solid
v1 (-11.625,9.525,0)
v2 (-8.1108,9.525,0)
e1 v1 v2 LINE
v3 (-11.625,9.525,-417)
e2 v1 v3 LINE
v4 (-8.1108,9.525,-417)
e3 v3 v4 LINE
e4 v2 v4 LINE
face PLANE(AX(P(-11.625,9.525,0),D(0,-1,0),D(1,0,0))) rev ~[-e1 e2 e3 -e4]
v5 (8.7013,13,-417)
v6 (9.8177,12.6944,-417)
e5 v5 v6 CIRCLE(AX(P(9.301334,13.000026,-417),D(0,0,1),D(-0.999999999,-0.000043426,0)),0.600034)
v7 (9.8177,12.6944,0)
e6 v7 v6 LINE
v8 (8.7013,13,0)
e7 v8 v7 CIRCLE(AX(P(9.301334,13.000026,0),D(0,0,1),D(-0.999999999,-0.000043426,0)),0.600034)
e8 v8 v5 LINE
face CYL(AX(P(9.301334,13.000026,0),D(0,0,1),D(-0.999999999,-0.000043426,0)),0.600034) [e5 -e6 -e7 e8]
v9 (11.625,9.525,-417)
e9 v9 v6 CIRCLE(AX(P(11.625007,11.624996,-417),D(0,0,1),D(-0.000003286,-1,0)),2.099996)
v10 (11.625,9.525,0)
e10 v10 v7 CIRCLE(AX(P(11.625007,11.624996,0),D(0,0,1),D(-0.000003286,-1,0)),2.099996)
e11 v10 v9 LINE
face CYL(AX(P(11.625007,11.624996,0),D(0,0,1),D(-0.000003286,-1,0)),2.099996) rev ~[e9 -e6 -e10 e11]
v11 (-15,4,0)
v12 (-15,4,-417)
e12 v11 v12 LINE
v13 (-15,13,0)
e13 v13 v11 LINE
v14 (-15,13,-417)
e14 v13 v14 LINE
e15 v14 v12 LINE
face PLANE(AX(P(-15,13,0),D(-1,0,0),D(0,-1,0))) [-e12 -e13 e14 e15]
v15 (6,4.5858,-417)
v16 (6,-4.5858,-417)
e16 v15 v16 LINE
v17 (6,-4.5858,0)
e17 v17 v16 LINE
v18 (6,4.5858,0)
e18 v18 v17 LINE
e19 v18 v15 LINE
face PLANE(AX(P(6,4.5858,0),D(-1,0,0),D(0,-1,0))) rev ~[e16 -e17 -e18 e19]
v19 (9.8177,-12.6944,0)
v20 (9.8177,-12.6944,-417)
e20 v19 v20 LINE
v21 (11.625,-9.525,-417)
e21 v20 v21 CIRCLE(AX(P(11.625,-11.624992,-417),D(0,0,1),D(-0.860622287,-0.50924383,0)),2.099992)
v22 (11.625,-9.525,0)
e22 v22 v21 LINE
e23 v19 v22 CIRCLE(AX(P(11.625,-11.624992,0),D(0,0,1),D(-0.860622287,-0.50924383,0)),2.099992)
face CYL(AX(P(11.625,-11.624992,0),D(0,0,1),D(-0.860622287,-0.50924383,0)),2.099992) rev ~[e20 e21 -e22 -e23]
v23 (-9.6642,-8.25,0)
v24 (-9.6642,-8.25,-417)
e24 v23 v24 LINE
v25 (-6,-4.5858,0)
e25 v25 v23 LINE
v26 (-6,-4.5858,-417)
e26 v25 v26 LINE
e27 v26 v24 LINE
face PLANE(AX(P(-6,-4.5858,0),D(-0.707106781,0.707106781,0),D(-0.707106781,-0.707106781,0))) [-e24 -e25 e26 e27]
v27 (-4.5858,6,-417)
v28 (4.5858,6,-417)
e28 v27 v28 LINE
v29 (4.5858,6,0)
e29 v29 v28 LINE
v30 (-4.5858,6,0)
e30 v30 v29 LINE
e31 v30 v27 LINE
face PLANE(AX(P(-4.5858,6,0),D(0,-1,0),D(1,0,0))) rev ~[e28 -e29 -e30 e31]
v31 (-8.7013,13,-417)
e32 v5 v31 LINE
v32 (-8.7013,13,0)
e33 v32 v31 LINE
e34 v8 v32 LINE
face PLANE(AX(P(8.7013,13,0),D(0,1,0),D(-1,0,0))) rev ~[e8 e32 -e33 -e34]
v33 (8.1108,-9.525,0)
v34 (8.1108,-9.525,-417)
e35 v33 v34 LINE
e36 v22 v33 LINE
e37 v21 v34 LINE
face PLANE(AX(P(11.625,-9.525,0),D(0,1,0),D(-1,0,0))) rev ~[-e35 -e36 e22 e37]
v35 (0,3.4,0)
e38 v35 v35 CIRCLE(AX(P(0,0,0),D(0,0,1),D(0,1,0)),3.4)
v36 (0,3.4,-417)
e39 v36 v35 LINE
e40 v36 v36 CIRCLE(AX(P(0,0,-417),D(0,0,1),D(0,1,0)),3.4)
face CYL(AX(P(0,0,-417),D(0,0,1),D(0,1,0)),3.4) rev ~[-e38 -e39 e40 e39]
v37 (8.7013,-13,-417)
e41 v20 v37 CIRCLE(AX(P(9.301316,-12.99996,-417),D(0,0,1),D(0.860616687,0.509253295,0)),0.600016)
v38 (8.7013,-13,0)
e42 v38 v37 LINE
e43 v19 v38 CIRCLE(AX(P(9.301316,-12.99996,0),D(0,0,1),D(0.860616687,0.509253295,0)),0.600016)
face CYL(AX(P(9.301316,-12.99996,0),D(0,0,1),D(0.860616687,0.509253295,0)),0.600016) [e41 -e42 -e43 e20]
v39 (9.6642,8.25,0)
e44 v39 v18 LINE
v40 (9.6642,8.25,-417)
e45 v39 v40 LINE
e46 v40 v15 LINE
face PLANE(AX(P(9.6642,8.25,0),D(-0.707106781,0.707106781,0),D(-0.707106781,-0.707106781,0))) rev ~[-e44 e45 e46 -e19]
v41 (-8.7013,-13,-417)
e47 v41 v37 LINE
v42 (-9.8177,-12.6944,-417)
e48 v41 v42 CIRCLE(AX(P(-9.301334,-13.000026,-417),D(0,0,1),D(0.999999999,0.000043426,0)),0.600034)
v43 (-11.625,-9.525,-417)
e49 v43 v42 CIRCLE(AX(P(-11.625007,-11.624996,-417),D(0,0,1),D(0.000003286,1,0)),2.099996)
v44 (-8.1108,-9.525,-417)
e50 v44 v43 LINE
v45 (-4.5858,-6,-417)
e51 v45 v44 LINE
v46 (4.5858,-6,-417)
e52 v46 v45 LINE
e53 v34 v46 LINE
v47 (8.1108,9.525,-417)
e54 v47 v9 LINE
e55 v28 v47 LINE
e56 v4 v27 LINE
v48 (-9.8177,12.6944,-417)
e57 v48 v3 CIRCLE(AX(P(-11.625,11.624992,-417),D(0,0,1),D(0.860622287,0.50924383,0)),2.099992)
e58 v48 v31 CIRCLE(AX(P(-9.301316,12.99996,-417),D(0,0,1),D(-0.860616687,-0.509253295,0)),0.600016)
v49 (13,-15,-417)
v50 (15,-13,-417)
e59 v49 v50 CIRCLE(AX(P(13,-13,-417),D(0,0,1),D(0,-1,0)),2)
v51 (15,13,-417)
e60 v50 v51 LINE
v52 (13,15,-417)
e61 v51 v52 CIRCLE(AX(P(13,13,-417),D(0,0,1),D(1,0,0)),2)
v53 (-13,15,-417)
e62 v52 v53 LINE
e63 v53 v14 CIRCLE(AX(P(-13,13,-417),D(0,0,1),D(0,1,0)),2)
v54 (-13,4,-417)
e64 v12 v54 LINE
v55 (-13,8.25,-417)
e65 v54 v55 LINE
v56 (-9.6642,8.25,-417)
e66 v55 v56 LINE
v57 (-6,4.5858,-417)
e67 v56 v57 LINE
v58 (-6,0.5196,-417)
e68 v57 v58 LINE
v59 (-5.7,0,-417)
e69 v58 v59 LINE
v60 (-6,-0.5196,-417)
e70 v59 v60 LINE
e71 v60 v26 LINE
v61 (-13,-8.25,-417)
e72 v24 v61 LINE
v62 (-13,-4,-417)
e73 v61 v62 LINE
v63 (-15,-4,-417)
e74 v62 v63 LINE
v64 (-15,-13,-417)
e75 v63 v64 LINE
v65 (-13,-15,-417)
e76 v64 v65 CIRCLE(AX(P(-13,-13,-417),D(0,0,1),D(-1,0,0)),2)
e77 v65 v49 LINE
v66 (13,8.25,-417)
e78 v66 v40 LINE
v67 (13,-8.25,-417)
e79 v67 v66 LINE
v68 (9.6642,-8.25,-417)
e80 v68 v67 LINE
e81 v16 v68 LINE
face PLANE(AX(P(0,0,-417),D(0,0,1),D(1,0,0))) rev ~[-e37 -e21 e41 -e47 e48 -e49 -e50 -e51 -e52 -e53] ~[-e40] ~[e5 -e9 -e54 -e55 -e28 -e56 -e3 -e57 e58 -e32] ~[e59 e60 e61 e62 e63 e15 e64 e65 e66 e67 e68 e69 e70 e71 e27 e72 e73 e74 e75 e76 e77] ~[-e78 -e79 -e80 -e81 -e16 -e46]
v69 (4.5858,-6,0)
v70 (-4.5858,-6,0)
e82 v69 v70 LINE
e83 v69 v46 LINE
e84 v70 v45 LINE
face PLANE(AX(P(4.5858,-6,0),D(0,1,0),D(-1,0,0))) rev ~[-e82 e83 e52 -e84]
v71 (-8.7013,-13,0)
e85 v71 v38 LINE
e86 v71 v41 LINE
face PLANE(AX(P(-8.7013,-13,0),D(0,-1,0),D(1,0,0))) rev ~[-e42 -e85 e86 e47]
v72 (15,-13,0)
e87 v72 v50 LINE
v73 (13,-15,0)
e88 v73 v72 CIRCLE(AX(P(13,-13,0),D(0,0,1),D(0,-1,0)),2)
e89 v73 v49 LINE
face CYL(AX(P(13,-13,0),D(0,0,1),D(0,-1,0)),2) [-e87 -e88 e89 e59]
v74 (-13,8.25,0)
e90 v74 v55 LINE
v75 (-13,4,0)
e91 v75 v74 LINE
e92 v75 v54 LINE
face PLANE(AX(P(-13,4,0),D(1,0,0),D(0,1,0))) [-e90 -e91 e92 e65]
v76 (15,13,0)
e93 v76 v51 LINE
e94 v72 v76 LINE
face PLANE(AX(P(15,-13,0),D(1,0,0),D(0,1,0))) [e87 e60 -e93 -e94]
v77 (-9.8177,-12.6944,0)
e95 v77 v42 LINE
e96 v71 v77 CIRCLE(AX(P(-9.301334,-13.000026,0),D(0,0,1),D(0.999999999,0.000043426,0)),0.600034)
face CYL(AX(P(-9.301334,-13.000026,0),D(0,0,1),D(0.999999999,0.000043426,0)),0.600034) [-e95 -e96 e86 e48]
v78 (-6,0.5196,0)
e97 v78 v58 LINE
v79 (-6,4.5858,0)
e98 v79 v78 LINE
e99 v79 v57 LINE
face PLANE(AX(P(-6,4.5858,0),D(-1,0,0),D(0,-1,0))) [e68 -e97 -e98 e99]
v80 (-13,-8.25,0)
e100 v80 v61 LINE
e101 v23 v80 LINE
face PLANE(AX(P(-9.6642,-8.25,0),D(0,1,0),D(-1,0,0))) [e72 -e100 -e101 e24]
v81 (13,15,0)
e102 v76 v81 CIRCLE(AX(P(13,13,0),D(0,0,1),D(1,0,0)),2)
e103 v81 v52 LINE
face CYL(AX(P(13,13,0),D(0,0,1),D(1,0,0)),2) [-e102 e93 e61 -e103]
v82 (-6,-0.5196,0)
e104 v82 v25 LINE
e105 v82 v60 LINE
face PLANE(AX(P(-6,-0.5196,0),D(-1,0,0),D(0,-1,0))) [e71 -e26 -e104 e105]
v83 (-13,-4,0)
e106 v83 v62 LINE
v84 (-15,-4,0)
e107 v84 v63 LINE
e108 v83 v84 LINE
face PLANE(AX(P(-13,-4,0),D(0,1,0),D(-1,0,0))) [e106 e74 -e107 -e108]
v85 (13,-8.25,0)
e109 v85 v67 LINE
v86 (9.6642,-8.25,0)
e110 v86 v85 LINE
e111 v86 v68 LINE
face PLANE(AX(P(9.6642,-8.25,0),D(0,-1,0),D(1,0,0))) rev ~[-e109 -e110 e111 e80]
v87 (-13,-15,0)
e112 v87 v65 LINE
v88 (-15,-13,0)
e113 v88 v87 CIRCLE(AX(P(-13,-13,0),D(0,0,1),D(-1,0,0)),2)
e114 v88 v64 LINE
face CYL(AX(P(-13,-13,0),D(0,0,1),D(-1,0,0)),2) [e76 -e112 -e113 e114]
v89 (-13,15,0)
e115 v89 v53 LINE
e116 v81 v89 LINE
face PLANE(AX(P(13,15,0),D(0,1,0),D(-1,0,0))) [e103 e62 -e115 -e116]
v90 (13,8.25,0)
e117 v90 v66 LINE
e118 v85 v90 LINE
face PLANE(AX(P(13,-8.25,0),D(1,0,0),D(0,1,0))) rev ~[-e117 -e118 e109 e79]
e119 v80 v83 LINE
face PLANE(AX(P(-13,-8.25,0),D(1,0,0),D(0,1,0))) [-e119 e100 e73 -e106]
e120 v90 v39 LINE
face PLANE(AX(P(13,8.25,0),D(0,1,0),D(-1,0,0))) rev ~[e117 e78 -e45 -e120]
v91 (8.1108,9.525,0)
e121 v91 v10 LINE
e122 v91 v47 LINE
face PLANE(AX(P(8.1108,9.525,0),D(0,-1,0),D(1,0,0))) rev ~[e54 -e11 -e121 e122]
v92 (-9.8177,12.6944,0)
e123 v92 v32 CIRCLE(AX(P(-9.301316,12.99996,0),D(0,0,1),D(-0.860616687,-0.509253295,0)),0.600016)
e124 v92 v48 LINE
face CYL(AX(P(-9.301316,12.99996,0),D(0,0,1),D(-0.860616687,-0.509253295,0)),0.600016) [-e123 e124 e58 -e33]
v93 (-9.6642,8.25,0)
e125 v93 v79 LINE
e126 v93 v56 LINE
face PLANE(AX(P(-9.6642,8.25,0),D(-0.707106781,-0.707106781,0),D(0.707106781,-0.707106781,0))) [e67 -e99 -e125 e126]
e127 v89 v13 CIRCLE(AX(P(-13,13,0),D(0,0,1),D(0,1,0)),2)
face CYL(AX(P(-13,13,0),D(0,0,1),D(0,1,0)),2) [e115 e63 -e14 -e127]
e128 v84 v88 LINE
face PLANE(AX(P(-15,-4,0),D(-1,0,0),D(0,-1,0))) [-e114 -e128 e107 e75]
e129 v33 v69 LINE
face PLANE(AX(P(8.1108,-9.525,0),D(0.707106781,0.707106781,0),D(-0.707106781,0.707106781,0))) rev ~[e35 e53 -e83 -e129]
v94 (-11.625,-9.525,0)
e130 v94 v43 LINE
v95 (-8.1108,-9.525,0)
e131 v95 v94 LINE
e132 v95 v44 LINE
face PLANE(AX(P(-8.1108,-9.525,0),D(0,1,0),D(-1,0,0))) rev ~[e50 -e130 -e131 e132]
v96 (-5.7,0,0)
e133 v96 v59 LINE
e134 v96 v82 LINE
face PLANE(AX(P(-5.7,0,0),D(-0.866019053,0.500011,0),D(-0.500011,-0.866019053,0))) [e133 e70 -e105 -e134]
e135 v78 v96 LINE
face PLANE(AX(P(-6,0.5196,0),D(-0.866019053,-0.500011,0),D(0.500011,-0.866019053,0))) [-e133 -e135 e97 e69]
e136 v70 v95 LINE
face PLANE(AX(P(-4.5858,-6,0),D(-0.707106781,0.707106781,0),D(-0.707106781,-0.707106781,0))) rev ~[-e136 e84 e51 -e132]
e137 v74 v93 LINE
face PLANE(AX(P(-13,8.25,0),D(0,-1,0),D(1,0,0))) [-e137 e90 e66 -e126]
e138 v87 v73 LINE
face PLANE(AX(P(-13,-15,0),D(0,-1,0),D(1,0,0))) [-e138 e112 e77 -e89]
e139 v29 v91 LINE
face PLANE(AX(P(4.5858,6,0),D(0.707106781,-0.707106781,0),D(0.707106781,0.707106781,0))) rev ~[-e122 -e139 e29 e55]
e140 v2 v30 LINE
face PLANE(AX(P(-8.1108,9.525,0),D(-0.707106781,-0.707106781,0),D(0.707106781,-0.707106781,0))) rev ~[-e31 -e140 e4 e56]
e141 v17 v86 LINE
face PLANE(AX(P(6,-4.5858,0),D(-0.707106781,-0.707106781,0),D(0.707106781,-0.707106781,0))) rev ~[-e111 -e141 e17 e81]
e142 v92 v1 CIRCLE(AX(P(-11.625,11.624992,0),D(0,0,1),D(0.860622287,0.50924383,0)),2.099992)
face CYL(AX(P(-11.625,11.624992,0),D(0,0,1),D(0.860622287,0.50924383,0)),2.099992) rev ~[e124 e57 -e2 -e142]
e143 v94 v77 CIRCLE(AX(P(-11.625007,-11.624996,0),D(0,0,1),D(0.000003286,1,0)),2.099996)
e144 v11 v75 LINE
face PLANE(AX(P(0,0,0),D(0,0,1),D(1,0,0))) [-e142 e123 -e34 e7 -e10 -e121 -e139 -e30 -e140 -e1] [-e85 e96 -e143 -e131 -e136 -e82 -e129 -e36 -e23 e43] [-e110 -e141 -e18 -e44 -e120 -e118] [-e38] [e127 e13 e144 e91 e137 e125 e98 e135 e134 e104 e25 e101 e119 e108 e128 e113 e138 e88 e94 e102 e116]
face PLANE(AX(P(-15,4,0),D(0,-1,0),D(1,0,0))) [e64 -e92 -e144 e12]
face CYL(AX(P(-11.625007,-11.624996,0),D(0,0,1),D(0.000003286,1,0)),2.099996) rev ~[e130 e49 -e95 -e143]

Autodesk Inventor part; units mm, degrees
sketch "Sketch_122" plane through (0, 0, 0) normal (0, 0, 1) x (1, 0, 0)
  arc A0 (-15, -13) -> (-13, -15) centre (-13, -13) ccw
  line L0 (-13, -15) -> (13, -15)
  arc A1 (13, -15) -> (15, -13) centre (13, -13) ccw
  line L1 (15, -13) -> (15, 13)
  arc A2 (15, 13) -> (13, 15) centre (13, 13) ccw
  line L2 (13, 15) -> (-13, 15)
  arc A3 (-13, 15) -> (-15, 13) centre (-13, 13) ccw
  line L3 (-15, 13) -> (-15, 4)
  line L4 (-15, 4) -> (-13, 4)
  line L5 (-13, 4) -> (-13, 8.25)
  line L6 (-13, 8.25) -> (-9.6642, 8.25)
  line L7 (-9.6642, 8.25) -> (-6, 4.5858)
  line L8 (-6, 4.5858) -> (-6, 0.5196)
  line L9 (-6, 0.5196) -> (-5.7, 0)
  line L10 (-5.7, 0) -> (-6, -0.5196)
  line L11 (-6, -0.5196) -> (-6, -4.5858)
  line L12 (-6, -4.5858) -> (-9.6642, -8.25)
  line L13 (-9.6642, -8.25) -> (-13, -8.25)
  line L14 (-13, -8.25) -> (-13, -4)
  line L15 (-13, -4) -> (-15, -4)
  line L16 (-15, -4) -> (-15, -13)
  line L17 (6, -4.5858) -> (9.6642, -8.25)
  line L18 (9.6642, -8.25) -> (13, -8.25)
  line L19 (13, -8.25) -> (13, 8.25)
  line L20 (13, 8.25) -> (9.6642, 8.25)
  line L21 (9.6642, 8.25) -> (6, 4.5858)
  line L22 (6, 4.5858) -> (6, -4.5858)
extrude "Extrusion1" add sketch "Sketch_122" against normal blind 417
sketch "Sketch2" plane through (0, 0, -417) normal (0, 0, -1) x (-1, 0, 0)
  point P0 (0, 0)
hole "Hole1" at (0, 0, -417) direction (0, 0, 1) diameter 6.8 depth 600
sketch "Sketch_173" plane through (0, 0, 0) normal (0, 0, 1) x (1, 0, 0)
  arc A0 (-9.8177, 12.6944) -> (-11.625, 9.525) centre (-11.625, 11.625) ccw
  line L0 (-11.625, 9.525) -> (-8.1108, 9.525)
  line L1 (-8.1108, 9.525) -> (-4.5858, 6)
  line L2 (-4.5858, 6) -> (4.5858, 6)
  line L3 (4.5858, 6) -> (8.1108, 9.525)
  line L4 (8.1108, 9.525) -> (11.625, 9.525)
  arc A1 (11.625, 9.525) -> (9.8177, 12.6944) centre (11.625, 11.625) ccw
  arc A2 (8.7013, 13) -> (9.8177, 12.6944) centre (9.3013, 13) ccw
  line L5 (8.7013, 13) -> (-8.7013, 13)
  arc A3 (-9.8177, 12.6944) -> (-8.7013, 13) centre (-9.3013, 13) ccw
extrude "Extrusion2" cut sketch "Sketch_173" against normal blind 600
sketch "Sketch_174" plane through (0, 0, 0) normal (0, 0, 1) x (1, 0, 0)
  arc A0 (-11.625, -9.525) -> (-9.8177, -12.6944) centre (-11.625, -11.625) ccw
  arc A1 (-8.7013, -13) -> (-9.8177, -12.6944) centre (-9.3013, -13) ccw
  line L0 (-8.7013, -13) -> (8.7013, -13)
  arc A2 (9.8177, -12.6944) -> (8.7013, -13) centre (9.3013, -13) ccw
  arc A3 (9.8177, -12.6944) -> (11.625, -9.525) centre (11.625, -11.625) ccw
  line L1 (11.625, -9.525) -> (8.1108, -9.525)
  line L2 (8.1108, -9.525) -> (4.5858, -6)
  line L3 (4.5858, -6) -> (-4.5858, -6)
  line L4 (-4.5858, -6) -> (-8.1108, -9.525)
  line L5 (-8.1108, -9.525) -> (-11.625, -9.525)
extrude "Extrusion3" cut sketch "Sketch_174" against normal blind 600
ref_plane "C1_XY" through (0, 0, 0) normal (0, 0, 1) x (1, 0, 0)
ref_plane "C1_YZ" through (0, 0, 0) normal (1, 0, 0) x (0, 1, 0)
ref_plane "C1_ZX" through (0, 0, 0) normal (0, 1, 0) x (0, 0, 1)
ref_plane "to_frame_cap1_XY" through (0, 0, 0) normal (0, 0, 1) x (1, 0, 0)
ref_plane "to_frame_cap1_YZ" through (0, 0, 0) normal (1, 0, 0) x (0, 1, 0)
ref_plane "to_frame_cap1_ZX" through (0, 0, 0) normal (0, 1, 0) x (0, 0, 1)
ref_plane "to_frame_cap2_XY" through (0, 0, -600) normal (0, 0, -1) x (1, 0, 0)
ref_plane "to_frame_cap2_YZ" through (0, 0, -600) normal (1, 0, 0) x (0, -1, 0)
ref_plane "to_frame_cap2_ZX" through (0, 0, -600) normal (0, -1, 0) x (0, 0, -1)
thread "Thread1" size "M8x1.25" class "6H" standard "ANSI Metric M Profile" length 10
thread "Thread2" size "M7x1" class "6H" standard "ANSI Metric M Profile" length 10
properties part number "HFSC6-3030-417" material "Aluminum 6061"
